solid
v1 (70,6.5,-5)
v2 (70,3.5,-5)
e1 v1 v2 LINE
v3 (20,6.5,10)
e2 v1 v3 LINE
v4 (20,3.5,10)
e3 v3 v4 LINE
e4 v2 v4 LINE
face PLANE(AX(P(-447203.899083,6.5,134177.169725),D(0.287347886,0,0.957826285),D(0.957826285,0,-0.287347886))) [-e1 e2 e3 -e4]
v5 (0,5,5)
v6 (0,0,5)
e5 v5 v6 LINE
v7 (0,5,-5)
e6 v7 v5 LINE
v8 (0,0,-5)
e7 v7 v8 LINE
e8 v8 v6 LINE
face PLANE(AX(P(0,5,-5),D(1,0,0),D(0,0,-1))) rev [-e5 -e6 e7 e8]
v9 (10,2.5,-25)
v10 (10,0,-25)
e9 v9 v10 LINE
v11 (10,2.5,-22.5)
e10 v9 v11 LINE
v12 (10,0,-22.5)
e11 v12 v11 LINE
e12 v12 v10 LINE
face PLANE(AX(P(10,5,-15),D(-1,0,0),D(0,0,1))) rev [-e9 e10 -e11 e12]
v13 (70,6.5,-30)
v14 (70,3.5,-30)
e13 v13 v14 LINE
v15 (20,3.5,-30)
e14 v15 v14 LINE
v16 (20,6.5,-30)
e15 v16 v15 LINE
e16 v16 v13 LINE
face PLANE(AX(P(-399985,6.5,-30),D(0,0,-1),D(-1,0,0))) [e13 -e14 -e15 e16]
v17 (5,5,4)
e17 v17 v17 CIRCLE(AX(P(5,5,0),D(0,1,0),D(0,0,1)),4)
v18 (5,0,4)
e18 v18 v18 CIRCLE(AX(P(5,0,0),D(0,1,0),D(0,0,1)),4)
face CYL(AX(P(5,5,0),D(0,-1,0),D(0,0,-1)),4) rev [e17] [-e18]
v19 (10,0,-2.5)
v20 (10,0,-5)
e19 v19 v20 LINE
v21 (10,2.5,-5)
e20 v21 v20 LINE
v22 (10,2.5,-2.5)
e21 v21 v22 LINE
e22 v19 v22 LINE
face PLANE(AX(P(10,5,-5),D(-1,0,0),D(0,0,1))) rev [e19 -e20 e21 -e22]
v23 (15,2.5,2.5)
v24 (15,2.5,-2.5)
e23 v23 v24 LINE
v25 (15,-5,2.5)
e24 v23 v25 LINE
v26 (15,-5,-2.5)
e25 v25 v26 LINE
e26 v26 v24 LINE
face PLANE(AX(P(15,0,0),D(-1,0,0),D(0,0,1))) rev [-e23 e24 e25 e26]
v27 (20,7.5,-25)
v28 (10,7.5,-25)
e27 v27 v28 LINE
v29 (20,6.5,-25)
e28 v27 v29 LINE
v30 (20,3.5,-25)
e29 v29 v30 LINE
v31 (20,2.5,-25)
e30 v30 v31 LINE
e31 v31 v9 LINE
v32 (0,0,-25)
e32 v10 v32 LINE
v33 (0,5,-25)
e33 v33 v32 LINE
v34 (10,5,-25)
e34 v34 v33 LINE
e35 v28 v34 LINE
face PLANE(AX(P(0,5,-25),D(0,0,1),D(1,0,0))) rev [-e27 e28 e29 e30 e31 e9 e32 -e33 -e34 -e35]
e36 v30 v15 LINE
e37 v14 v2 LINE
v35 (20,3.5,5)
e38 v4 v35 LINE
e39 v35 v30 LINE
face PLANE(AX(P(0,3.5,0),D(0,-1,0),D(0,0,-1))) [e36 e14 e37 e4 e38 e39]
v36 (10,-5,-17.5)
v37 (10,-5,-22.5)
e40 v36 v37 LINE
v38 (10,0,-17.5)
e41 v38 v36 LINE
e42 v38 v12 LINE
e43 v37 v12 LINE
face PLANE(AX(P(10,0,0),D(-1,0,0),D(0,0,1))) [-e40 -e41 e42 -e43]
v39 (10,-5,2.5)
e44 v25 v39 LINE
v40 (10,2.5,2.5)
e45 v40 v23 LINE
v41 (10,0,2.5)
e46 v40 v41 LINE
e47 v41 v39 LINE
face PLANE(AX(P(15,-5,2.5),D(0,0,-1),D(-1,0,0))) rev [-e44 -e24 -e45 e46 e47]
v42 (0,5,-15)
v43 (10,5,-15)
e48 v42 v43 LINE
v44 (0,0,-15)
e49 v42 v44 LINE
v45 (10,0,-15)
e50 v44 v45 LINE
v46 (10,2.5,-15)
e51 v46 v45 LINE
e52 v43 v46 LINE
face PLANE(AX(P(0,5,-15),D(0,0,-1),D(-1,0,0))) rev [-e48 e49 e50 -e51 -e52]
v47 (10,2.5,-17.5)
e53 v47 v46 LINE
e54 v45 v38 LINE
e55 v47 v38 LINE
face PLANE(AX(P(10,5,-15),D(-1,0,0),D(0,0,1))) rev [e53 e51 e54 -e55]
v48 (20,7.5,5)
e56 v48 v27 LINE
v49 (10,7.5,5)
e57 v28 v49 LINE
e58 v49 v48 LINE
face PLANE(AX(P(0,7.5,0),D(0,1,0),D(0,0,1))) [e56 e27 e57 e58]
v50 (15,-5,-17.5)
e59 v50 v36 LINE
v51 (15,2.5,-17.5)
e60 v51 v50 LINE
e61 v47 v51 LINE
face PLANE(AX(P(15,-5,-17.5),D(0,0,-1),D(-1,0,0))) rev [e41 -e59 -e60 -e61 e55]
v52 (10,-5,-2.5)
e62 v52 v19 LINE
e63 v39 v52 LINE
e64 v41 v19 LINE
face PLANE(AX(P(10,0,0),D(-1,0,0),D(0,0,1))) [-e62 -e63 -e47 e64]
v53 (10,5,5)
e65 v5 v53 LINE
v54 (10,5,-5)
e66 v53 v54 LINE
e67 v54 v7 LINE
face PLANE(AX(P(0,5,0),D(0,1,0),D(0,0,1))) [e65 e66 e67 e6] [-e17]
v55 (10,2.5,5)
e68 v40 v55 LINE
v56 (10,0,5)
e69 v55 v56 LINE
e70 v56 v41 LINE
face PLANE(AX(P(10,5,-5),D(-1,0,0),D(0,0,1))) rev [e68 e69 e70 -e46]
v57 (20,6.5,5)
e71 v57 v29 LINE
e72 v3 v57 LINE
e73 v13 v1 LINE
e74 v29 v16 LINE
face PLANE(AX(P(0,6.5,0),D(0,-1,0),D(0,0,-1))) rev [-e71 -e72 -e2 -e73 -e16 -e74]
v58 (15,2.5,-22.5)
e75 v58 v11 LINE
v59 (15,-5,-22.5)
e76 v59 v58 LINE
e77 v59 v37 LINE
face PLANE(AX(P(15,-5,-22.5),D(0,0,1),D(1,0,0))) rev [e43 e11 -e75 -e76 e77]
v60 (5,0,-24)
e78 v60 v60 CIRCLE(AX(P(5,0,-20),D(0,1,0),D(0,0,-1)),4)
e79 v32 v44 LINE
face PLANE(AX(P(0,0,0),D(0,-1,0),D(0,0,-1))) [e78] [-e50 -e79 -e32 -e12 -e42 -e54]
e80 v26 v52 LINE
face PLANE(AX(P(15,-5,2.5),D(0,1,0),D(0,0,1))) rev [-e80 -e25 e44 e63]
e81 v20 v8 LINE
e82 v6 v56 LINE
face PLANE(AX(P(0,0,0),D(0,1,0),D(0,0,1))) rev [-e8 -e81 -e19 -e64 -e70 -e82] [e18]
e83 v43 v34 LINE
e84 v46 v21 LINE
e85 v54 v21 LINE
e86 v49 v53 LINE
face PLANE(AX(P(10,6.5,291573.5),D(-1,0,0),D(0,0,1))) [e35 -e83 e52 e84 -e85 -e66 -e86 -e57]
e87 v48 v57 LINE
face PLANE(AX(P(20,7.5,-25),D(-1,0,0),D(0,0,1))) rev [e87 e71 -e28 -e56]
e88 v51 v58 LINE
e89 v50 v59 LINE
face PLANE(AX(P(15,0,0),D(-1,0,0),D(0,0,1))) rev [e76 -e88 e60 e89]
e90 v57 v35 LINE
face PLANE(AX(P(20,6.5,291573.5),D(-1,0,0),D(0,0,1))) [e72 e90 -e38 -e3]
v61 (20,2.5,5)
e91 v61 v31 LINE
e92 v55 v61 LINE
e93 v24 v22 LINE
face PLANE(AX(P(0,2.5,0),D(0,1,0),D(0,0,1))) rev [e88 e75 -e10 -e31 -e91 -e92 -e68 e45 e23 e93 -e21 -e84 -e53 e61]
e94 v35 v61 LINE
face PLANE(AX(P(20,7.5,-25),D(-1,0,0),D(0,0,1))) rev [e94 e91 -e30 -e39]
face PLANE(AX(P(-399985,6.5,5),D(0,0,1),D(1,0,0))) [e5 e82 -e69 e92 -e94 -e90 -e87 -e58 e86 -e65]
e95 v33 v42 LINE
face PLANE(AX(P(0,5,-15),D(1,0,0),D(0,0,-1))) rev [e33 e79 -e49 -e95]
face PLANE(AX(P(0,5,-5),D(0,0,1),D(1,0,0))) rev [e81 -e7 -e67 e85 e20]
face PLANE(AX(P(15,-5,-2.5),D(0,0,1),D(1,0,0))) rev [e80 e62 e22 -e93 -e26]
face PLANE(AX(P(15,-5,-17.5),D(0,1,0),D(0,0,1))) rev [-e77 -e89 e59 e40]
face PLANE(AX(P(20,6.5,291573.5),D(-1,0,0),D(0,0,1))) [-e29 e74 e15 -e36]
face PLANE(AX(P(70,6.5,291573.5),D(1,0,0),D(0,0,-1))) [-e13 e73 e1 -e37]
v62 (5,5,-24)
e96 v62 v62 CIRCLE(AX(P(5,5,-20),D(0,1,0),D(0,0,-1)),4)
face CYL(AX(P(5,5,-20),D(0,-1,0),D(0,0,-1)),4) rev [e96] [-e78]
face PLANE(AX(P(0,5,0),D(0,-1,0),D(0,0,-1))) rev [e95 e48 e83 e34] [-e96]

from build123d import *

# Parameters (mm, degrees)
SKETCH1_W             = 10
SKETCH1_H             = 10
SKETCH1_R             = 4
BOSS_EXTRUDE1_DEPTH   = 5
BOSS_EXTRUDE1_2_DEPTH = 5
SKETCH2_W             = 5
SKETCH2_H             = 10
BOSS_EXTRUDE2_DEPTH   = 5
SKETCH4_W             = 10
SKETCH4_H             = 30
BOSS_EXTRUDE4_DEPTH   = 2.5
BOSS_EXTRUDE7_DEPTH   = 1.5


with BuildPart() as part:
    # Sketch1 → Boss-Extrude1 (new body)
    with BuildSketch(Plane(origin=(0, 0, 0), x_dir=(1, 0, 0), z_dir=(0, 1, 0))):
        with Locations((5, 0)):
            Rectangle(SKETCH1_W, SKETCH1_H)
        with Locations(Location((5, 0, 0), (0, 0, 270))):
            Circle(SKETCH1_R, mode=Mode.SUBTRACT)
    extrude(amount=BOSS_EXTRUDE1_DEPTH)

    # Sketch2 → Boss-Extrude2 (add)
    with BuildSketch(Plane(origin=(10, 0, 0), x_dir=(0, 0, -1), z_dir=(1, 0, 0))):
        Rectangle(SKETCH2_W, SKETCH2_H)
        with Locations((20, 0)):
            Rectangle(SKETCH2_W, SKETCH2_H)
    extrude(amount=BOSS_EXTRUDE2_DEPTH)


with BuildPart() as body_2:
    # Sketch1 → Boss-Extrude1 2 (new body)
    with BuildSketch(Plane(origin=(0, 0, 0), x_dir=(1, 0, 0), z_dir=(0, 1, 0))):
        with Locations((5, 20)):
            Rectangle(SKETCH1_W, SKETCH1_H)
        with Locations(Location((5, 20, 0), (0, 0, 90))):
            Circle(SKETCH1_R, mode=Mode.SUBTRACT)
    extrude(amount=BOSS_EXTRUDE1_2_DEPTH)



with BuildPart() as boss_extrude2_piece_1:
    # of the separate pieces the step leaves, piece 1, a body of its own (boss_extrude2_pieces)
    add(part.part.solids().sort_by_distance((0, 0, -5))[0])

    # Sketch4 → Boss-Extrude4 (add, symmetric)
    with BuildSketch(Plane(origin=(0, 5, 0), x_dir=(1, 0, 0), z_dir=(0, 1, 0))):
        with Locations((15, 10)):
            Rectangle(SKETCH4_W, SKETCH4_H)
    extrude(amount=BOSS_EXTRUDE4_DEPTH, both=True)


with BuildPart() as boss_extrude2_piece_2:
    # of the separate pieces the step leaves, piece 2, a body of its own (boss_extrude2_pieces)
    add(part.part.solids().sort_by_distance((10, -5, -17.5))[0])


with BuildPart() as body_2_1:
    add(body_2.part)

    add(boss_extrude2_piece_1.part)  # Boss-Extrude7 merges Boss-Extrude2 piece 1

    add(boss_extrude2_piece_2.part)  # Boss-Extrude7 merges Boss-Extrude2 piece 2
    # Sketch8 → Boss-Extrude7 (add, symmetric)
    with BuildSketch(Plane(origin=(0, 5, 0), x_dir=(1, 0, 0), z_dir=(0, 1, 0))):
        Polygon((20, 25), (20, 30), (70, 30), (70, 5), (20, -10), (20, -5), (10, -5), (10, 25), align=None)
    extrude(amount=BOSS_EXTRUDE7_DEPTH, both=True)


solid = body_2_1.part
